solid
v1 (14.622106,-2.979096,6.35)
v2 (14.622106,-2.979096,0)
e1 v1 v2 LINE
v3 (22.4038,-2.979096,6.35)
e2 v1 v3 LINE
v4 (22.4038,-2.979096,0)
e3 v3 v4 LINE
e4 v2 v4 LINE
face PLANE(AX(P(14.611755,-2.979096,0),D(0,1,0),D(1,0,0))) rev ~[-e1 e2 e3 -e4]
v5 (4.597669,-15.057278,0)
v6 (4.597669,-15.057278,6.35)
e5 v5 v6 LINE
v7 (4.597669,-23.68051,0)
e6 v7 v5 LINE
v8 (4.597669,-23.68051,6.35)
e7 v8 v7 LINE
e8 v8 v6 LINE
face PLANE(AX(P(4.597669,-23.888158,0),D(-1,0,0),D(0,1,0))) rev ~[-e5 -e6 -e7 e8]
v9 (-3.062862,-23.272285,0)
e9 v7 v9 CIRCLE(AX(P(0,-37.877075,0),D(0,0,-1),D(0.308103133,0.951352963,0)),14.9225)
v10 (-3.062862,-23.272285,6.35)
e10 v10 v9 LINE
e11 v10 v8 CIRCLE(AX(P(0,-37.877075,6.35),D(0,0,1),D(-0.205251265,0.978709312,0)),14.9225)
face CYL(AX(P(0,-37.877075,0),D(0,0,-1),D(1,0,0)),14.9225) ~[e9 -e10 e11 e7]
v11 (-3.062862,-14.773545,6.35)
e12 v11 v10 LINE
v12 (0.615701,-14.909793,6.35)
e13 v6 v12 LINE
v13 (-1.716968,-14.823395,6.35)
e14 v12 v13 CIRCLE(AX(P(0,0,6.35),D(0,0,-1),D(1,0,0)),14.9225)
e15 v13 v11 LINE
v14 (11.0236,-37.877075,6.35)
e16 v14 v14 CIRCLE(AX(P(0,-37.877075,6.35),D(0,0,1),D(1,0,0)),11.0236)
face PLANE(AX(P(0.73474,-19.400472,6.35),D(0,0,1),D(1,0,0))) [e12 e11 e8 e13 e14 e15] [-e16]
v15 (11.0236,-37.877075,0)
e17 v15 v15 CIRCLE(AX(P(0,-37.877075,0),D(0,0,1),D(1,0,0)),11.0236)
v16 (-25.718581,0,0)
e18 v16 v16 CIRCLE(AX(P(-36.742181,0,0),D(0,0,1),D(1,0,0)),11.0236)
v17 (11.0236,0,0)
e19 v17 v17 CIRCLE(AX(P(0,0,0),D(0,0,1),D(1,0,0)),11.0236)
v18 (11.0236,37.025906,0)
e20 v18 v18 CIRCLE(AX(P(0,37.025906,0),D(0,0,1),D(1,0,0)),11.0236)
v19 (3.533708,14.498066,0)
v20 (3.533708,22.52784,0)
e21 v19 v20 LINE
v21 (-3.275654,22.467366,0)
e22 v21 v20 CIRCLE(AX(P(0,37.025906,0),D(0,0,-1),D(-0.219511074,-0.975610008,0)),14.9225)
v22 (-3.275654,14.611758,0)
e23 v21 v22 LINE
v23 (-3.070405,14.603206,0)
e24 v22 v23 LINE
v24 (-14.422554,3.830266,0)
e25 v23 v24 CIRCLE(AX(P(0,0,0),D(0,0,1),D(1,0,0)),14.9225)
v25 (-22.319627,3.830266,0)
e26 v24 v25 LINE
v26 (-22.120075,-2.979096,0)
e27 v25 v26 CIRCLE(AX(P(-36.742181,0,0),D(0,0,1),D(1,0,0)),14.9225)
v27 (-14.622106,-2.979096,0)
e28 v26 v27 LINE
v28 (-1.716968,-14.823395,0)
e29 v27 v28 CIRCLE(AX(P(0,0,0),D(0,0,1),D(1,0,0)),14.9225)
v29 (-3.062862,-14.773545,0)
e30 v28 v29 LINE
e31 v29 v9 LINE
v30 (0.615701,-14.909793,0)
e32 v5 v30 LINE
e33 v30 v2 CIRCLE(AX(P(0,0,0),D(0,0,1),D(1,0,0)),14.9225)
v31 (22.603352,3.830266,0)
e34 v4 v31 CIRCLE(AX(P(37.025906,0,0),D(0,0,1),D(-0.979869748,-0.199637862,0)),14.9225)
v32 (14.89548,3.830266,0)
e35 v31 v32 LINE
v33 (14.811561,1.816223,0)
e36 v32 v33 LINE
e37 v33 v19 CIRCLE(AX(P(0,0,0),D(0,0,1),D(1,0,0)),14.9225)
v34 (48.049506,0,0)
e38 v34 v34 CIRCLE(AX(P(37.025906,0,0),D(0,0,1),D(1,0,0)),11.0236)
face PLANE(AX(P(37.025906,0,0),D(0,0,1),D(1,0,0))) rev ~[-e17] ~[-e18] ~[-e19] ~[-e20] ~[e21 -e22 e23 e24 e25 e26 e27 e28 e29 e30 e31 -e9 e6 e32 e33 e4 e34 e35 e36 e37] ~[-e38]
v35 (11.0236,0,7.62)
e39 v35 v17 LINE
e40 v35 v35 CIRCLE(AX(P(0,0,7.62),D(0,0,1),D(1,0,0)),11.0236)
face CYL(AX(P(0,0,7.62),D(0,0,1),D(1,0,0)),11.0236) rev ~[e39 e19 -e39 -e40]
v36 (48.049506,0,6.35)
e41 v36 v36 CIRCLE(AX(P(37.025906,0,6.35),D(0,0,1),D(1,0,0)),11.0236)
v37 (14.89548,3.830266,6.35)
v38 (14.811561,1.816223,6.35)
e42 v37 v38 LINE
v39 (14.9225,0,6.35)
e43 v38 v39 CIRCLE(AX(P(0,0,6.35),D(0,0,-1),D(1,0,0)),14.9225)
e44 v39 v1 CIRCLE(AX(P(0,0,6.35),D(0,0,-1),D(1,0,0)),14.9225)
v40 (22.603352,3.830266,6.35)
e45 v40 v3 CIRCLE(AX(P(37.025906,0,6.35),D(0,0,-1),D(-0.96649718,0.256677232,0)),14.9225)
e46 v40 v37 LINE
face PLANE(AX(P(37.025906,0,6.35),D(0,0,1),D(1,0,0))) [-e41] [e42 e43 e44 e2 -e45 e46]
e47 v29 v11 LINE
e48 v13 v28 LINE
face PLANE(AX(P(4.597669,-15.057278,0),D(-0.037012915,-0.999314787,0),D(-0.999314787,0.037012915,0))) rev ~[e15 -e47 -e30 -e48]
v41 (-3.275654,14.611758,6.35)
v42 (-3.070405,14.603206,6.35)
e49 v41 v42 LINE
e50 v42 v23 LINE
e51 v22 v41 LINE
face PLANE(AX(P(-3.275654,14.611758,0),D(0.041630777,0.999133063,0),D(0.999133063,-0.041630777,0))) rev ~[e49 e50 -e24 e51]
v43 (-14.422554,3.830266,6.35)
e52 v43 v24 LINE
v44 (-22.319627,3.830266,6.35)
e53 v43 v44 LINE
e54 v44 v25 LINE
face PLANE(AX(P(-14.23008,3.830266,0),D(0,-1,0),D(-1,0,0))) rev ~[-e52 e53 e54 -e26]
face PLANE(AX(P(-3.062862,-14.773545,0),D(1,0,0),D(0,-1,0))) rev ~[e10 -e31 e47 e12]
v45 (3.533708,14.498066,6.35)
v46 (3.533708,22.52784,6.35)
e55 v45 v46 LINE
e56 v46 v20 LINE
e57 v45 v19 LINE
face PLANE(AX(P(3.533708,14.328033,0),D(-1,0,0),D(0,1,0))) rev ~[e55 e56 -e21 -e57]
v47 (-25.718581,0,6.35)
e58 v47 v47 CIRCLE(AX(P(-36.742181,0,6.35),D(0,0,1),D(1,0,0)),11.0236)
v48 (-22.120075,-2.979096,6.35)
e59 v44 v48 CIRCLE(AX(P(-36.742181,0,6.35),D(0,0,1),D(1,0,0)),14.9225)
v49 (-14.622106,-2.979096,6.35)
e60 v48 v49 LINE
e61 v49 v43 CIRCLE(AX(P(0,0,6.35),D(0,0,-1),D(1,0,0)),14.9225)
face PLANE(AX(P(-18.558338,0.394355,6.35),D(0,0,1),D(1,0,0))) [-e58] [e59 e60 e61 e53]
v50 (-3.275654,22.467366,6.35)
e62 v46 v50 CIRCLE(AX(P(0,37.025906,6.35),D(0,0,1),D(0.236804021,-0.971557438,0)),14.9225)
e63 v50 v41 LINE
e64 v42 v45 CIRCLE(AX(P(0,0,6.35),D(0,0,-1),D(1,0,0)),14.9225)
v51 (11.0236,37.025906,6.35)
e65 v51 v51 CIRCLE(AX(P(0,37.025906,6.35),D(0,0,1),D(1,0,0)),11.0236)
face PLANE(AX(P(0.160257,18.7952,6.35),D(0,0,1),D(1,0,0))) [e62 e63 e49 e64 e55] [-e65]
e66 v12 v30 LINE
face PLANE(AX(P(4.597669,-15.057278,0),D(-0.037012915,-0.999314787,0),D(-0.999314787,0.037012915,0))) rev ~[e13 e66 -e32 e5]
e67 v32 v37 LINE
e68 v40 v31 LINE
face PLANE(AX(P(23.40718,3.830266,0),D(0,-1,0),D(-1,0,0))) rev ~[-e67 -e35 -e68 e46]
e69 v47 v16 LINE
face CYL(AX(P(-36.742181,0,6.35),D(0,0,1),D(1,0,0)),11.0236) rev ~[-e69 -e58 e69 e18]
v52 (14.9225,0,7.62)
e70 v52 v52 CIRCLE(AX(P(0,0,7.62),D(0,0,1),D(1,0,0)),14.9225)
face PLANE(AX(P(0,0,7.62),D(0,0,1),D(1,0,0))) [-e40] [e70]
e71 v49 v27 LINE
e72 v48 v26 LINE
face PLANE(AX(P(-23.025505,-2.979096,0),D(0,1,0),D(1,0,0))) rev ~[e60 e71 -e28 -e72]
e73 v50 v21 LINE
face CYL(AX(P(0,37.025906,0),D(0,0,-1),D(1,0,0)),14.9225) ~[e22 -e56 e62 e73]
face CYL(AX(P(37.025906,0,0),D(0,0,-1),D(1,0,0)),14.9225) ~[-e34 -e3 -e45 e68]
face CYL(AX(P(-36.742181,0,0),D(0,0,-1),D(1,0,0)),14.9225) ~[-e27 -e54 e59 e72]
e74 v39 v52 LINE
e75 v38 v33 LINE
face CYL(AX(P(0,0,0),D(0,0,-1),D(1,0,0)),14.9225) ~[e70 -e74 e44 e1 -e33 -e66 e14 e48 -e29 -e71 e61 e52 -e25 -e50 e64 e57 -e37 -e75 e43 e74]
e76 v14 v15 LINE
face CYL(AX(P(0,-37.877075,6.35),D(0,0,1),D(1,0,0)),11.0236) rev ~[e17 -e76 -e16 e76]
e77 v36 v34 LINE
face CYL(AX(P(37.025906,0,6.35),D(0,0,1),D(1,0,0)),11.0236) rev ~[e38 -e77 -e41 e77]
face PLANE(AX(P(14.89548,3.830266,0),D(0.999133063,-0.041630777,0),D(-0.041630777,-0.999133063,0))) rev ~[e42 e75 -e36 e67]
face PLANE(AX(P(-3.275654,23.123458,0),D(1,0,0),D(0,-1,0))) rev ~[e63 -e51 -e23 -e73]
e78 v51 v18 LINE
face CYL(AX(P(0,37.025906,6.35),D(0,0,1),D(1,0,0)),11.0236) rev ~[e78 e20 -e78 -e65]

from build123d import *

# Parameters (mm, degrees)
F0_R      = 14.9225
F1_DEPTH  = 7.62
F2_R      = 11.0236
F3_DEPTH  = 25.4
F5_DEPTH  = 6.35
F6_R      = 14.9225
F7_DEPTH  = 6.35
F8_R      = 11.0236
F9_DEPTH  = 25.4
F10_R     = 11.0236
F11_DEPTH = 25.4
F12_R     = 11.0236
F13_DEPTH = 25.4
F14_R     = 11.0236
F15_DEPTH = 25.4


with BuildPart() as f1:
    # F0 (on Top) → F1 (new body)
    with BuildSketch(Plane.XY):
        Circle(F0_R)
    extrude(amount=F1_DEPTH)

    # F2 (on face) → F3 (cut)
    with BuildSketch(Plane.XY.offset(7.62)):
        Circle(F2_R)
    extrude(amount=-F3_DEPTH, mode=Mode.SUBTRACT)

    # F4 (on Top) → F5 (join)
    with BuildSketch(Plane.XY):
        Polygon((23.40718, 3.830266), (14.89548, 3.830266), (14.611755, -2.979096), (23.40718, -2.979096), align=None)
        Polygon((-3.275654, 23.123458), (-3.275654, 14.611758), (3.533708, 14.328033), (3.533708, 23.123458), align=None)
        Polygon((-14.23008, 3.830266), (-22.74178, 3.830266), (-23.025505, -2.979096), (-14.23008, -2.979096), align=None)
        Polygon((4.597669, -23.888158), (4.597669, -15.057278), (-3.062862, -14.773545), (-3.062862, -23.888158), align=None)
    extrude(amount=F5_DEPTH)

    # F6 (on Top) → F7 (join)
    with BuildSketch(Plane.XY):
        with Locations((37.025906, 0)):
            Circle(F6_R)
        with Locations((0, 37.025906)):
            Circle(F6_R)
        with Locations((-36.742181, 0)):
            Circle(F6_R)
        with Locations((0, -37.877075)):
            Circle(F6_R)
    extrude(amount=F7_DEPTH)

    # F8 (on face) → F9 (cut)
    with BuildSketch(Plane.XY.offset(6.35)):
        with Locations((-36.742181, 0)):
            Circle(F8_R)
    extrude(amount=-F9_DEPTH, mode=Mode.SUBTRACT)

    # F10 (on face) → F11 (cut)
    with BuildSketch(Plane.XY.offset(6.35)):
        with Locations((0, 37.025906)):
            Circle(F10_R)
    extrude(amount=-F11_DEPTH, mode=Mode.SUBTRACT)

    # F12 (on face) → F13 (cut)
    with BuildSketch(Plane.XY.offset(6.35)):
        with Locations((37.025906, 0)):
            Circle(F12_R)
    extrude(amount=-F13_DEPTH, mode=Mode.SUBTRACT)

    # F14 (on face) → F15 (cut)
    with BuildSketch(Plane.XY.offset(6.35)):
        with Locations((0, -37.877075)):
            Circle(F14_R)
    extrude(amount=-F15_DEPTH, mode=Mode.SUBTRACT)


solid = f1.part
